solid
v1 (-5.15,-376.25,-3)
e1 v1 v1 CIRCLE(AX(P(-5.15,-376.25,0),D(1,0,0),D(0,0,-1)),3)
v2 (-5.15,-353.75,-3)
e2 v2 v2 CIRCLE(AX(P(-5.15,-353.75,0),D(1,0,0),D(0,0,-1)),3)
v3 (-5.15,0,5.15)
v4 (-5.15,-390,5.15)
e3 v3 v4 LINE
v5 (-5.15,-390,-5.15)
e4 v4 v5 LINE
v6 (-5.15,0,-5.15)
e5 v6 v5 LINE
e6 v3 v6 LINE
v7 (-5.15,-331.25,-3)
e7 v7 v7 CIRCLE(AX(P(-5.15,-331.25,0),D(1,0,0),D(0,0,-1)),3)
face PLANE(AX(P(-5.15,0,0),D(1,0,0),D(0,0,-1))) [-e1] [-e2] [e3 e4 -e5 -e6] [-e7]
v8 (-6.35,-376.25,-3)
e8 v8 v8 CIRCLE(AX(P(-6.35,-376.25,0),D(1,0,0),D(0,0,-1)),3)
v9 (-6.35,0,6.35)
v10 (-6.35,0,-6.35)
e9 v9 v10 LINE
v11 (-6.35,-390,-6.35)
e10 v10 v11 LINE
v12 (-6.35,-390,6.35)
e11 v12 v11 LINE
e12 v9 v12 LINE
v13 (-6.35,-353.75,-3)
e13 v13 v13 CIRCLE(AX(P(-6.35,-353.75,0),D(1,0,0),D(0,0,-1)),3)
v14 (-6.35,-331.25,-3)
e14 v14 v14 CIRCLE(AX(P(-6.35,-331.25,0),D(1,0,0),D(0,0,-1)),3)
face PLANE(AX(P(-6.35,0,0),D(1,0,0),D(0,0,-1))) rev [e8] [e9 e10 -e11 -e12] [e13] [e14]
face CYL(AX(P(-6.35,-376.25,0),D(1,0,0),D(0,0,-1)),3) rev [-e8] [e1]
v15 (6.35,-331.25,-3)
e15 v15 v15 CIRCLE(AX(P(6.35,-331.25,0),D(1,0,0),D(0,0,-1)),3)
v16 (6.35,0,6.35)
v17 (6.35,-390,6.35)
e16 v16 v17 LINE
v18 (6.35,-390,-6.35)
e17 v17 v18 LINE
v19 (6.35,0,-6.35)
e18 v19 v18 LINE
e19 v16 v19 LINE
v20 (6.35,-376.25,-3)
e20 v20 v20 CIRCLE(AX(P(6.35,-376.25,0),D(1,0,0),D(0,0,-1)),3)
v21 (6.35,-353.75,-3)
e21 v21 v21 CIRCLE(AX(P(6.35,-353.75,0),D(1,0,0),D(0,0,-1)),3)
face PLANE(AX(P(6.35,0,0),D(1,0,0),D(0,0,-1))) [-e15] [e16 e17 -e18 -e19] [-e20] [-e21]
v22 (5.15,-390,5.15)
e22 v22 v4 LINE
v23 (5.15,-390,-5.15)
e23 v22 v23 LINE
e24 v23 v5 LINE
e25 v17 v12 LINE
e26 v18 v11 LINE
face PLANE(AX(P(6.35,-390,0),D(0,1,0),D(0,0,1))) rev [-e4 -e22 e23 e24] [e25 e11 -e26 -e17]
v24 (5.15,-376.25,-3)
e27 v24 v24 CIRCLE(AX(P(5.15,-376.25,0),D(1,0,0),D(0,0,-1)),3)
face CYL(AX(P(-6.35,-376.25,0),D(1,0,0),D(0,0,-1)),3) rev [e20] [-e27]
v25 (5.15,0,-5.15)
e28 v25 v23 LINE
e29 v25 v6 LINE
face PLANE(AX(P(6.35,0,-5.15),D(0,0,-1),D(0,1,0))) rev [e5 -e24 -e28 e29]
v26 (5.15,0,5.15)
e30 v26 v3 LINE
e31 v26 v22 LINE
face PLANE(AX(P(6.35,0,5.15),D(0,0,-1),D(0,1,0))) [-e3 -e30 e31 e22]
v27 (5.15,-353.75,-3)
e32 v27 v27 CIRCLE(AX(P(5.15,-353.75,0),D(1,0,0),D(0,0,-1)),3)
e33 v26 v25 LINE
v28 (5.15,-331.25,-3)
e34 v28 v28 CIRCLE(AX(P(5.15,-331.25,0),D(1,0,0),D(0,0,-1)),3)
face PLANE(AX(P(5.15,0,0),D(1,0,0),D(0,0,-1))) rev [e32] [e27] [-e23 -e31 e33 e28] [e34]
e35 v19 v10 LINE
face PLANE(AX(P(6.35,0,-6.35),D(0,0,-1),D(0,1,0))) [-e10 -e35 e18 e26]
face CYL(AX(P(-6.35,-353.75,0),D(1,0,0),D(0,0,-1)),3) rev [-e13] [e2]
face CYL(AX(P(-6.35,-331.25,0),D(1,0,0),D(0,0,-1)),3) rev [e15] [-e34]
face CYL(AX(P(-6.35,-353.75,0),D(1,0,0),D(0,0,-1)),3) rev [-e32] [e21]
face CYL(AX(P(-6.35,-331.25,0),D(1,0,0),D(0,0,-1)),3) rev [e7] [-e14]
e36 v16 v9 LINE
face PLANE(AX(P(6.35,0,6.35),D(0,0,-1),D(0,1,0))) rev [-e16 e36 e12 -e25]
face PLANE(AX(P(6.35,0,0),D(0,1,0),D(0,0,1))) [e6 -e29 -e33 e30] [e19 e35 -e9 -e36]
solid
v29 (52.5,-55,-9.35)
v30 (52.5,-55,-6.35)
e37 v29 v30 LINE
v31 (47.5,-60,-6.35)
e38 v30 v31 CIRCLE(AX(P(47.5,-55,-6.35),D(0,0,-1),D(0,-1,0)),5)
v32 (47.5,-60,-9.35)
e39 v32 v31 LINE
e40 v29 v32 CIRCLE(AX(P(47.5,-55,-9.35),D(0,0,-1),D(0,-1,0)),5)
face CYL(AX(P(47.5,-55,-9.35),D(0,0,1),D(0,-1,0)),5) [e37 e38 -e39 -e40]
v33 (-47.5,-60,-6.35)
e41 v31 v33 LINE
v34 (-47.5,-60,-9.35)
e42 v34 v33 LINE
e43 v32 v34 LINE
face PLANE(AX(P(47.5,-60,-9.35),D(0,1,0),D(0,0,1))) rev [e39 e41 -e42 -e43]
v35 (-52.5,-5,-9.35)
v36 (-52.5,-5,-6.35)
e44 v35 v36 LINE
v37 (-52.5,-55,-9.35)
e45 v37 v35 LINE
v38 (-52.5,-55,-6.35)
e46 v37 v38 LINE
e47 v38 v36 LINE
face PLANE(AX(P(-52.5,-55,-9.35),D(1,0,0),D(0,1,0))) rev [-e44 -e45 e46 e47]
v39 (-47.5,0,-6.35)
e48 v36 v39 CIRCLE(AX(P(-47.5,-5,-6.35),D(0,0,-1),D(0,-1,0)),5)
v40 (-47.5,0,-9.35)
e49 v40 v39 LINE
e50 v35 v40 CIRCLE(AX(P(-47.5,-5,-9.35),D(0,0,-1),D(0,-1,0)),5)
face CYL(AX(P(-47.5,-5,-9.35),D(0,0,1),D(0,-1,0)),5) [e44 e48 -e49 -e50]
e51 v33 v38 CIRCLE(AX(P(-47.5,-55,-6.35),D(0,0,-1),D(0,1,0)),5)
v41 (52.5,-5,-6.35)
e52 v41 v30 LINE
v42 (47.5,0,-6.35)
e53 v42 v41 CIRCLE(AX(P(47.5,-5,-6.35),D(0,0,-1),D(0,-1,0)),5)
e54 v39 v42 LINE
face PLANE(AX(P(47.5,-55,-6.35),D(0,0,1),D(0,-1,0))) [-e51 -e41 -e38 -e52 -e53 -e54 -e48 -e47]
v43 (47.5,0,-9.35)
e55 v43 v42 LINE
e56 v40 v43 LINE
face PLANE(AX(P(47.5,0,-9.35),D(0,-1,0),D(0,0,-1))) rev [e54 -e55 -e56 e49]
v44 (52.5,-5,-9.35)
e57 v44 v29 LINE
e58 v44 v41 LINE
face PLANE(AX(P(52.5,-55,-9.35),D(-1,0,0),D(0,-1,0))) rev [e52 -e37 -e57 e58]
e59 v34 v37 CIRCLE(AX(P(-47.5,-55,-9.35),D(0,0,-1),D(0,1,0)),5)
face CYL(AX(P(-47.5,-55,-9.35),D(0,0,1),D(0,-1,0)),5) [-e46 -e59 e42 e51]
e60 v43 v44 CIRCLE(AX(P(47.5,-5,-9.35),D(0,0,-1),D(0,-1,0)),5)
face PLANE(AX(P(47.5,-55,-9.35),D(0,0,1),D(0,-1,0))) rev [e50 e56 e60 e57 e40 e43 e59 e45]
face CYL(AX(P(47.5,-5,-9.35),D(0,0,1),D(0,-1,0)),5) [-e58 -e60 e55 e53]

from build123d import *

# Parameters (mm, degrees)
SKETCH1_W               = 12.7
SKETCH1_H               = 390
BOSS_EXTRUDE1_DEPTH     = 6.35
SHELL1_T                = -1.2
CUT_EXTRUDE1_DEPTH      = 391.103377325
CUT_EXTRUDE1_DEPTH_BACK = 391.103377325
SKETCH1_3_R             = 3
BOSS_EXTRUDE2_DEPTH     = 3


with BuildPart() as part:
    # Sketch1 → Boss-Extrude1 (new, symmetric)
    with BuildSketch(Plane(origin=(0, 0, 0), x_dir=(0, 0, -1), z_dir=(1, 0, 0))):
        with Locations((0, -195)):
            Rectangle(SKETCH1_W, SKETCH1_H)
    extrude(amount=BOSS_EXTRUDE1_DEPTH, both=True)

    # Shell1
    shell1_openings = [part.faces().sort_by_distance(p)[0] for p in [
        (0, 0, 0),
        (0, -390, 0),
    ]]
    offset(amount=SHELL1_T, openings=shell1_openings, kind=Kind.INTERSECTION)

    # Sketch1<3> → Cut-Extrude1 (cut, two sides: drawn at the far end of the back side and taken through both)
    with BuildSketch(Plane(origin=(0, 0, 0), x_dir=(0, 0, -1), z_dir=(1, 0, 0)).offset(-CUT_EXTRUDE1_DEPTH_BACK)):
        with Locations((0, -376.25)):
            Circle(SKETCH1_3_R)
        with Locations((0, -353.75)):
            Circle(SKETCH1_3_R)
        with Locations((0, -331.25)):
            Circle(SKETCH1_3_R)
    extrude(amount=CUT_EXTRUDE1_DEPTH + CUT_EXTRUDE1_DEPTH_BACK, mode=Mode.SUBTRACT)


with BuildPart() as body_2:
    # Sketch2 → Boss-Extrude2 (new body)
    with BuildSketch(Plane(origin=(0, 0, -6.35), x_dir=(-1, 0, 0), z_dir=(0, 0, -1))):
        with BuildLine():
            Line((-47.5, -60), (47.5, -60))
            ThreePointArc((47.5, -60), (51.035533906, -58.535533906), (52.5, -55))
            Line((52.5, -55), (52.5, -5))
            ThreePointArc((52.5, -5), (51.035533906, -1.464466094), (47.5, 0))
            Line((47.5, 0), (-47.5, 0))
            ThreePointArc((-47.5, 0), (-51.035533906, -1.464466094), (-52.5, -5))
            Line((-52.5, -5), (-52.5, -55))
            ThreePointArc((-52.5, -55), (-51.035533906, -58.535533906), (-47.5, -60))
        make_face()
    extrude(amount=BOSS_EXTRUDE2_DEPTH)


solid = Compound([part.part, body_2.part])
